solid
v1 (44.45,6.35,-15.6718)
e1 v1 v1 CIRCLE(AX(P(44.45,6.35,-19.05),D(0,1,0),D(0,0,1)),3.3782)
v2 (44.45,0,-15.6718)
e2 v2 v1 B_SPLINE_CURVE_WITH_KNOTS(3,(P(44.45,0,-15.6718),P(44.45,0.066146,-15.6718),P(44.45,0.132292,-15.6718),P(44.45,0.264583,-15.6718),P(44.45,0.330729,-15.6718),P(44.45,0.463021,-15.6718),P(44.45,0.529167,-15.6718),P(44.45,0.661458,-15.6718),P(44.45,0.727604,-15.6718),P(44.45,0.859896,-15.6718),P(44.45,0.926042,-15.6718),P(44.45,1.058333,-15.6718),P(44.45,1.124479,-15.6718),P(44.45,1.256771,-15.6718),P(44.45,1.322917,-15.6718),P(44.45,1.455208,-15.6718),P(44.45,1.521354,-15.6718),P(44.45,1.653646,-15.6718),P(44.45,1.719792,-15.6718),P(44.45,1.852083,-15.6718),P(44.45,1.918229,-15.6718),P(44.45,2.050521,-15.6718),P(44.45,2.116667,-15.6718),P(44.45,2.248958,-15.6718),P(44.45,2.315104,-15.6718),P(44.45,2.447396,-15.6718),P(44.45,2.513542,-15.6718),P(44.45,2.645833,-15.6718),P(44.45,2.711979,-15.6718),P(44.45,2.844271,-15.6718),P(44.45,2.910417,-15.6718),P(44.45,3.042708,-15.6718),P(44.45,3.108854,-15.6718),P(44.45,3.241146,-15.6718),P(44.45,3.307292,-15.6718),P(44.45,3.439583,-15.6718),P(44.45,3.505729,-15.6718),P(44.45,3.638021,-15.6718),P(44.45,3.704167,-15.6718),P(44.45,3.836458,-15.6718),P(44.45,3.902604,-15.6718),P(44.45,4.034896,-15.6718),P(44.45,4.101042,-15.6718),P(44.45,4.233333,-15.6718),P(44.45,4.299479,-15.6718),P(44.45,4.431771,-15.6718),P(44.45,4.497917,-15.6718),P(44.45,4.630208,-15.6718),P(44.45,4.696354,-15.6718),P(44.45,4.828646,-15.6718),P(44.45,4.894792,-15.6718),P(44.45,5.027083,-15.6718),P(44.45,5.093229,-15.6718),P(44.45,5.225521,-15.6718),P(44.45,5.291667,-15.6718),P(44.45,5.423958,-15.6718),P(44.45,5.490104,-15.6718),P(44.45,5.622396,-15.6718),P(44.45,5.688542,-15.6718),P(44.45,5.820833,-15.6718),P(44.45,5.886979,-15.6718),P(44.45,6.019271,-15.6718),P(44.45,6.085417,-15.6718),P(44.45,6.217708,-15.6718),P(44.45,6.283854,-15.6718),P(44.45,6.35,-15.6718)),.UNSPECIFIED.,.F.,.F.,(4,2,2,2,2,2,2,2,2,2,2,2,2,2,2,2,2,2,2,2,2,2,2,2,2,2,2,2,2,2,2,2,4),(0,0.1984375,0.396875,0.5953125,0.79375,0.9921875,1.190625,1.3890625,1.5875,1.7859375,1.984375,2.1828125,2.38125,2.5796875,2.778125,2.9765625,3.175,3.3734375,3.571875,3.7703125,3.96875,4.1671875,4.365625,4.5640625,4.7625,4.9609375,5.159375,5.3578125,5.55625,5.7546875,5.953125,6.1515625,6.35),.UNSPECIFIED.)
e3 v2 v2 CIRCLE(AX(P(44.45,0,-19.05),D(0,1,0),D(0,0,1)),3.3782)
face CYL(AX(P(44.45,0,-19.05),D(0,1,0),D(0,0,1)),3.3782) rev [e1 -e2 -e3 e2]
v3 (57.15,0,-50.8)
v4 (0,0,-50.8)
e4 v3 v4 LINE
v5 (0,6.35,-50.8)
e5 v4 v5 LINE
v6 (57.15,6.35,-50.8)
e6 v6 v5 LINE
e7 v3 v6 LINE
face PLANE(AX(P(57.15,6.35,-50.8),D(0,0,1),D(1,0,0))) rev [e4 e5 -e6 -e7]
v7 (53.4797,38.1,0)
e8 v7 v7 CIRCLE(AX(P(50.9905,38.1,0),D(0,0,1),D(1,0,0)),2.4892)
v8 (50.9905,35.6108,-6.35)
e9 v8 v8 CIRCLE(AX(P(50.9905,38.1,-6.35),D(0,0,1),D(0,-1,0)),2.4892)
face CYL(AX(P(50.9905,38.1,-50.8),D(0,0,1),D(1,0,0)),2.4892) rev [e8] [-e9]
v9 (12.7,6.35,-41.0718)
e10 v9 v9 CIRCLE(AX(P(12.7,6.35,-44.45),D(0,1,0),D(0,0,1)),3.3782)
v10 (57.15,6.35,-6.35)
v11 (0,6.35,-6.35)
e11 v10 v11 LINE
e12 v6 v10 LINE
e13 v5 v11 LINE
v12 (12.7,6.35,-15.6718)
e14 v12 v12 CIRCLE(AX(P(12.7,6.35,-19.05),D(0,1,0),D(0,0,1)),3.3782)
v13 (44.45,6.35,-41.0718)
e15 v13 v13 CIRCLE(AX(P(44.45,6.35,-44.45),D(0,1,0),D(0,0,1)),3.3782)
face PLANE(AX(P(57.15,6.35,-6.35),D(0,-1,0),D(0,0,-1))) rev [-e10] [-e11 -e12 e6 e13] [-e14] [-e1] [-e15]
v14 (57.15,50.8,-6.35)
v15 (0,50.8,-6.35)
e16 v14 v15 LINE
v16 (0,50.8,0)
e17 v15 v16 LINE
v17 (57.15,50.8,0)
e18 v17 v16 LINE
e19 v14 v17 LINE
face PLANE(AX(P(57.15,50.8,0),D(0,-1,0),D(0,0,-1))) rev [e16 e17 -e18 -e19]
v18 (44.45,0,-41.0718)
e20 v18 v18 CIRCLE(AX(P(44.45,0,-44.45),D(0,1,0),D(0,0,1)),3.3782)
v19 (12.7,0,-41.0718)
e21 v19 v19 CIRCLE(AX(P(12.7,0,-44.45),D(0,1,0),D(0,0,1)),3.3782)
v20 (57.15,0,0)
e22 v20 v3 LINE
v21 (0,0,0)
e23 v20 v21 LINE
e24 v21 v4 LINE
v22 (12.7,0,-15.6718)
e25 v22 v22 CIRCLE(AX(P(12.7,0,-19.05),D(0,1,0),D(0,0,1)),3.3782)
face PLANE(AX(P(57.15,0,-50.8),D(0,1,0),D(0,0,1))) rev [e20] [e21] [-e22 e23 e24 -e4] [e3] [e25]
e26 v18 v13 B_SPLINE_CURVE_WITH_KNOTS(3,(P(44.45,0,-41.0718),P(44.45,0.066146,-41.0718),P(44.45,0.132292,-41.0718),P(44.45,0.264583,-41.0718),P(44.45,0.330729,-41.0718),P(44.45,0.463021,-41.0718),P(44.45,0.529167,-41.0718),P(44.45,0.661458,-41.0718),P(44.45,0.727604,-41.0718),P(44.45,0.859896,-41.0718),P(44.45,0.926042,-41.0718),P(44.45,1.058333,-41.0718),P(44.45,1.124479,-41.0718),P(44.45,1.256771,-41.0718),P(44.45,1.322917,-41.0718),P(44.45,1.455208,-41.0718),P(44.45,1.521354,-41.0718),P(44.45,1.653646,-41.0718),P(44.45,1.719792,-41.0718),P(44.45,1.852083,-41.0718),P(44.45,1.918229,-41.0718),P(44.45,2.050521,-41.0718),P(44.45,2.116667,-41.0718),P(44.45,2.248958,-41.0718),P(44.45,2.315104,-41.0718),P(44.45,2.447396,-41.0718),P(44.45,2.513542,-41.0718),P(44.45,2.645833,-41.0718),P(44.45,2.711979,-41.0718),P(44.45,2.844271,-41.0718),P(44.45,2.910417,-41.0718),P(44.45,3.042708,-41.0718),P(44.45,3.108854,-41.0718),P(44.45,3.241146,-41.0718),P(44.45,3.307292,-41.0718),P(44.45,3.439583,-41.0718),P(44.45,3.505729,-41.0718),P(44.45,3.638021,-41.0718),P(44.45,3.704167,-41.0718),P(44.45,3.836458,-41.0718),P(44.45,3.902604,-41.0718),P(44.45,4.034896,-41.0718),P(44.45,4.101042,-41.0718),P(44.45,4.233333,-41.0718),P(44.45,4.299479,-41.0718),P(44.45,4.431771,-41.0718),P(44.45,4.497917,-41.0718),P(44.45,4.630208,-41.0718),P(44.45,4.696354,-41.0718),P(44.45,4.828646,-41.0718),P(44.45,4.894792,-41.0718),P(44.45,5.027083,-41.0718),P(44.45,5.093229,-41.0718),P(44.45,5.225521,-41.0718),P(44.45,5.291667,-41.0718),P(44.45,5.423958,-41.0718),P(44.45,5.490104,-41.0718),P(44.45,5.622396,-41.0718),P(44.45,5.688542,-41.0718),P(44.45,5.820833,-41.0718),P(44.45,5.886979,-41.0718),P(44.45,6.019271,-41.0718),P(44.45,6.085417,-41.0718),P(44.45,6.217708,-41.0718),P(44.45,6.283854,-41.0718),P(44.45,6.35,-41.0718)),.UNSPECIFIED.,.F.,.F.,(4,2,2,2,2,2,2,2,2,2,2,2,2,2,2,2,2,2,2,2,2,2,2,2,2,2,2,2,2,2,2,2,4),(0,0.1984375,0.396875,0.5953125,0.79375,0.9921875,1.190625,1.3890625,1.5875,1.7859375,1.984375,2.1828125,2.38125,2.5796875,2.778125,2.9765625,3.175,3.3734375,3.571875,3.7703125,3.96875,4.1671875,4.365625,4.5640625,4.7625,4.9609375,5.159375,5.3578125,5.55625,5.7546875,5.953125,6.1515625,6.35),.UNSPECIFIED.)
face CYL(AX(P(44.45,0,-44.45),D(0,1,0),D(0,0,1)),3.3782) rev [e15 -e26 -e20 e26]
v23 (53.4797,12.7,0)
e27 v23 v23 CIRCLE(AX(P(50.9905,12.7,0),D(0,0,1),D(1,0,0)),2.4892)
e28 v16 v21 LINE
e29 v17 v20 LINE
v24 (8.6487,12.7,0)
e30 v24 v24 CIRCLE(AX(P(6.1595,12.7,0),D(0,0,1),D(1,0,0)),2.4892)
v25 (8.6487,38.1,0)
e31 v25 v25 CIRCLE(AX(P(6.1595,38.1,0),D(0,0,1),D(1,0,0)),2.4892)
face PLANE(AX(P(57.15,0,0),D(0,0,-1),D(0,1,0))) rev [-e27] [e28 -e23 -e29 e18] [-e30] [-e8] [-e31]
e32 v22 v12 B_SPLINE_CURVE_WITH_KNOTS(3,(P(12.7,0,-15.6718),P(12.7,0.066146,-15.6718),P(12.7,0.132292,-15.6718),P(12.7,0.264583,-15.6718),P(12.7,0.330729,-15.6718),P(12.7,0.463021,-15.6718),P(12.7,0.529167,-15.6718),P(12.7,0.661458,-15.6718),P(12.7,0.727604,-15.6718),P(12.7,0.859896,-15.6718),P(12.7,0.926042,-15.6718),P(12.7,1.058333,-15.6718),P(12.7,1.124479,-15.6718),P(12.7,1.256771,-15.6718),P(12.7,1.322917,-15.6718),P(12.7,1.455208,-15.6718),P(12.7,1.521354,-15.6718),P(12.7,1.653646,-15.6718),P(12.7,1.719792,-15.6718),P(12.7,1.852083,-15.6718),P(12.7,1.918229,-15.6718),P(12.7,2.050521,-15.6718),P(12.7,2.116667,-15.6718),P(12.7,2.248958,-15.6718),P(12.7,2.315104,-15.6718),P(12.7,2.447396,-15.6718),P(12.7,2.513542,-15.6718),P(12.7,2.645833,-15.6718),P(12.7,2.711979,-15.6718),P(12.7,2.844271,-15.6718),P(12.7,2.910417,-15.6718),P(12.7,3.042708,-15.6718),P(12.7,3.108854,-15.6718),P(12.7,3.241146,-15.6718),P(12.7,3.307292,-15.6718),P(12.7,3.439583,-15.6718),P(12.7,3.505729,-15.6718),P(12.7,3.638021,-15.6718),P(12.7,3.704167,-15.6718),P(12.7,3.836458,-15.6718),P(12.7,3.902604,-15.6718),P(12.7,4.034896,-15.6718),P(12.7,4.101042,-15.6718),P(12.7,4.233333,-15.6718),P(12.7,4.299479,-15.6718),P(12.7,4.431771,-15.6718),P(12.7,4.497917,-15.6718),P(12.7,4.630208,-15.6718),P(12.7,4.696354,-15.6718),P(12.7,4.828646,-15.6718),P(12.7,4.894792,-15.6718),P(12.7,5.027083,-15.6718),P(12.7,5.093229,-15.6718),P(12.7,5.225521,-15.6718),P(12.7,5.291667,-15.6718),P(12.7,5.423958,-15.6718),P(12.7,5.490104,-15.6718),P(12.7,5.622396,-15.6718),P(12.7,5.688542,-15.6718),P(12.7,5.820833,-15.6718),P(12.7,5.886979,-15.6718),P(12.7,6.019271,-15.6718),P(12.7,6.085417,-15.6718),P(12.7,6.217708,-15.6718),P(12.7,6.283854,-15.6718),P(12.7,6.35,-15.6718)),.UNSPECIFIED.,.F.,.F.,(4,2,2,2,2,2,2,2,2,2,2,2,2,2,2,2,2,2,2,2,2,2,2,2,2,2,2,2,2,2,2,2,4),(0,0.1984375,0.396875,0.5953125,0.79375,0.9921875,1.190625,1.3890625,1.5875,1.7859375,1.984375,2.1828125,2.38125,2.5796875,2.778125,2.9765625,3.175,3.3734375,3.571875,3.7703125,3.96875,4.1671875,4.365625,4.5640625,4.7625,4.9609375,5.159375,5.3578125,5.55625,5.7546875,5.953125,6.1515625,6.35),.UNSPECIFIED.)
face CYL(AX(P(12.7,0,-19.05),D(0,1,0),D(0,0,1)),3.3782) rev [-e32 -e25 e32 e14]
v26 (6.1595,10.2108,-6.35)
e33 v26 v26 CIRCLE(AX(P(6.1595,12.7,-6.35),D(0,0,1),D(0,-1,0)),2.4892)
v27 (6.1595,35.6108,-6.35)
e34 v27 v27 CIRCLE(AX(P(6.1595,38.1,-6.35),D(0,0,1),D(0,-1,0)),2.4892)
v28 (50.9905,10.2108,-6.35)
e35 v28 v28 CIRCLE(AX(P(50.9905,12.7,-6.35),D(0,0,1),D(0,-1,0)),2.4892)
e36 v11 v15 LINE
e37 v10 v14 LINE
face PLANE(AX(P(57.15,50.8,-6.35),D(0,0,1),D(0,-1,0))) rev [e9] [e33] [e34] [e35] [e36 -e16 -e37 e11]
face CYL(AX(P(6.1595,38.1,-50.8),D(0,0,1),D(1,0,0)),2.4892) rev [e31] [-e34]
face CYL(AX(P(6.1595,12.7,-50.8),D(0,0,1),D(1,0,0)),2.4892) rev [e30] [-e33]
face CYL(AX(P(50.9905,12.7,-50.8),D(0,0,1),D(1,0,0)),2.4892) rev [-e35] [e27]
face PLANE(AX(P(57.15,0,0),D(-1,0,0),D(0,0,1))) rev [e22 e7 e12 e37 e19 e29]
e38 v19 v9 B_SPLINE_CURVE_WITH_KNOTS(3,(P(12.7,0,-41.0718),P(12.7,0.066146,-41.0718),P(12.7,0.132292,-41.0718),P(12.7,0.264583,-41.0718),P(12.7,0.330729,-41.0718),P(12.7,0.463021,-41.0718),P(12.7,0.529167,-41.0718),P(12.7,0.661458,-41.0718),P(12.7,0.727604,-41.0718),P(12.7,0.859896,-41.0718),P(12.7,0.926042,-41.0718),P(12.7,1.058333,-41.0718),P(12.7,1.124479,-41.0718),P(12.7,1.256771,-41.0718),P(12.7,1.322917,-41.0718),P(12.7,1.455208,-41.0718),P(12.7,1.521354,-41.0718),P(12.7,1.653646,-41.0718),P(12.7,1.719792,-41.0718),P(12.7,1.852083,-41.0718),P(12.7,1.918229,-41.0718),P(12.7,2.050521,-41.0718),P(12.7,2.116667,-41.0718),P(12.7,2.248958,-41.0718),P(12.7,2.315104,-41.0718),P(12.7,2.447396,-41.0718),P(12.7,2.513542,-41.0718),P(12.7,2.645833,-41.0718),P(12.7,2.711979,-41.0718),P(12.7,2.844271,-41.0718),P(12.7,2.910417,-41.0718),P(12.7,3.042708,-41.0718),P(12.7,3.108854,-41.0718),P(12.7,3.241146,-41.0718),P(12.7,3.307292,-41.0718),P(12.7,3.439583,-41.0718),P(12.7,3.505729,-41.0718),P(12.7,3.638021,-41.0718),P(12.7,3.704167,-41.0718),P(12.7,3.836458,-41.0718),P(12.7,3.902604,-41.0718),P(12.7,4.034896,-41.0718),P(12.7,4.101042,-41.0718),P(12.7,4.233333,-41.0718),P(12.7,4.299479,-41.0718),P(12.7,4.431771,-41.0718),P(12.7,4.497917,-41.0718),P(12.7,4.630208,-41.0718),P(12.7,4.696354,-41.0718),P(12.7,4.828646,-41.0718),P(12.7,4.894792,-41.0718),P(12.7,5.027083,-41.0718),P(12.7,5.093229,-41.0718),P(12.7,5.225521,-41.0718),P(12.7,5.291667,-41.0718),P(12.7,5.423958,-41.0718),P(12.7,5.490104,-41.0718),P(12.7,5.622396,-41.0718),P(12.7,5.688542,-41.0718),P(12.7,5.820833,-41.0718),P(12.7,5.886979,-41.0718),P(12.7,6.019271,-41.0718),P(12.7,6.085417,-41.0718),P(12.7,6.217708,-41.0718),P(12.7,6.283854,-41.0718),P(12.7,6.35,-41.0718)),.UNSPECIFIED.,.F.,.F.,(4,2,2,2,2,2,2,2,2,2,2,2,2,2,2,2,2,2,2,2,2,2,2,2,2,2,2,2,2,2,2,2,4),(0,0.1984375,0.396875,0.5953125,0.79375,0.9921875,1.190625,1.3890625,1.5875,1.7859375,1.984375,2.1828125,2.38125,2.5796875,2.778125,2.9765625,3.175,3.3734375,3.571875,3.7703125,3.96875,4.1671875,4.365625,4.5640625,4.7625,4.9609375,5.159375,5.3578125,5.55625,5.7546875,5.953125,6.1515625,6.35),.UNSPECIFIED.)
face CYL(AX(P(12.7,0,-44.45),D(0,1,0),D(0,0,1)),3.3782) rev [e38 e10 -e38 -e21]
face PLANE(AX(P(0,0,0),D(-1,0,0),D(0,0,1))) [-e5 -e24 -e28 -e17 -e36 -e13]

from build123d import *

# Parameters (mm, degrees)
BOSS_EXTRUDE1_DEPTH = 57.15
SKETCH3_R           = 2.4892
CUT_EXTRUDE1_DEPTH  = 92.800885072
SKETCH4_R           = 3.3782
CUT_EXTRUDE2_DEPTH  = 89.44526556


with BuildPart() as part:
    # Sketch1 → Boss-Extrude1 (new body)
    with BuildSketch(Plane(origin=(0, 0, 0), x_dir=(0, 0, -1), z_dir=(1, 0, 0))):
        Polygon((0, 0), (0, 50.8), (6.35, 50.8), (6.35, 6.35), (50.8, 6.35), (50.8, 0), align=None)
    extrude(amount=BOSS_EXTRUDE1_DEPTH)

    # Sketch3 → Cut-Extrude1 (cut, through all)
    with BuildSketch(Plane.XY):
        with Locations((6.1595, 38.1)):
            Circle(SKETCH3_R)
        with Locations((50.9905, 38.1)):
            Circle(SKETCH3_R)
        with Locations((50.9905, 12.7)):
            Circle(SKETCH3_R)
        with Locations((6.1595, 12.7)):
            Circle(SKETCH3_R)
    extrude(amount=-CUT_EXTRUDE1_DEPTH, mode=Mode.SUBTRACT)

    # Sketch4 → Cut-Extrude2 (cut, through all)
    with BuildSketch(Plane(origin=(0, 6.35, 0), x_dir=(1, 0, 0), z_dir=(0, 1, 0))):
        with Locations(Location((12.7, 19.05, 0), (0, 0, 270))):
            Circle(SKETCH4_R)
        with Locations(Location((12.7, 44.45, 0), (0, 0, 270))):
            Circle(SKETCH4_R)
        with Locations(Location((44.45, 44.45, 0), (0, 0, 270))):
            Circle(SKETCH4_R)
        with Locations(Location((44.45, 19.05, 0), (0, 0, 270))):
            Circle(SKETCH4_R)
    extrude(amount=-CUT_EXTRUDE2_DEPTH, mode=Mode.SUBTRACT)


solid = part.part
